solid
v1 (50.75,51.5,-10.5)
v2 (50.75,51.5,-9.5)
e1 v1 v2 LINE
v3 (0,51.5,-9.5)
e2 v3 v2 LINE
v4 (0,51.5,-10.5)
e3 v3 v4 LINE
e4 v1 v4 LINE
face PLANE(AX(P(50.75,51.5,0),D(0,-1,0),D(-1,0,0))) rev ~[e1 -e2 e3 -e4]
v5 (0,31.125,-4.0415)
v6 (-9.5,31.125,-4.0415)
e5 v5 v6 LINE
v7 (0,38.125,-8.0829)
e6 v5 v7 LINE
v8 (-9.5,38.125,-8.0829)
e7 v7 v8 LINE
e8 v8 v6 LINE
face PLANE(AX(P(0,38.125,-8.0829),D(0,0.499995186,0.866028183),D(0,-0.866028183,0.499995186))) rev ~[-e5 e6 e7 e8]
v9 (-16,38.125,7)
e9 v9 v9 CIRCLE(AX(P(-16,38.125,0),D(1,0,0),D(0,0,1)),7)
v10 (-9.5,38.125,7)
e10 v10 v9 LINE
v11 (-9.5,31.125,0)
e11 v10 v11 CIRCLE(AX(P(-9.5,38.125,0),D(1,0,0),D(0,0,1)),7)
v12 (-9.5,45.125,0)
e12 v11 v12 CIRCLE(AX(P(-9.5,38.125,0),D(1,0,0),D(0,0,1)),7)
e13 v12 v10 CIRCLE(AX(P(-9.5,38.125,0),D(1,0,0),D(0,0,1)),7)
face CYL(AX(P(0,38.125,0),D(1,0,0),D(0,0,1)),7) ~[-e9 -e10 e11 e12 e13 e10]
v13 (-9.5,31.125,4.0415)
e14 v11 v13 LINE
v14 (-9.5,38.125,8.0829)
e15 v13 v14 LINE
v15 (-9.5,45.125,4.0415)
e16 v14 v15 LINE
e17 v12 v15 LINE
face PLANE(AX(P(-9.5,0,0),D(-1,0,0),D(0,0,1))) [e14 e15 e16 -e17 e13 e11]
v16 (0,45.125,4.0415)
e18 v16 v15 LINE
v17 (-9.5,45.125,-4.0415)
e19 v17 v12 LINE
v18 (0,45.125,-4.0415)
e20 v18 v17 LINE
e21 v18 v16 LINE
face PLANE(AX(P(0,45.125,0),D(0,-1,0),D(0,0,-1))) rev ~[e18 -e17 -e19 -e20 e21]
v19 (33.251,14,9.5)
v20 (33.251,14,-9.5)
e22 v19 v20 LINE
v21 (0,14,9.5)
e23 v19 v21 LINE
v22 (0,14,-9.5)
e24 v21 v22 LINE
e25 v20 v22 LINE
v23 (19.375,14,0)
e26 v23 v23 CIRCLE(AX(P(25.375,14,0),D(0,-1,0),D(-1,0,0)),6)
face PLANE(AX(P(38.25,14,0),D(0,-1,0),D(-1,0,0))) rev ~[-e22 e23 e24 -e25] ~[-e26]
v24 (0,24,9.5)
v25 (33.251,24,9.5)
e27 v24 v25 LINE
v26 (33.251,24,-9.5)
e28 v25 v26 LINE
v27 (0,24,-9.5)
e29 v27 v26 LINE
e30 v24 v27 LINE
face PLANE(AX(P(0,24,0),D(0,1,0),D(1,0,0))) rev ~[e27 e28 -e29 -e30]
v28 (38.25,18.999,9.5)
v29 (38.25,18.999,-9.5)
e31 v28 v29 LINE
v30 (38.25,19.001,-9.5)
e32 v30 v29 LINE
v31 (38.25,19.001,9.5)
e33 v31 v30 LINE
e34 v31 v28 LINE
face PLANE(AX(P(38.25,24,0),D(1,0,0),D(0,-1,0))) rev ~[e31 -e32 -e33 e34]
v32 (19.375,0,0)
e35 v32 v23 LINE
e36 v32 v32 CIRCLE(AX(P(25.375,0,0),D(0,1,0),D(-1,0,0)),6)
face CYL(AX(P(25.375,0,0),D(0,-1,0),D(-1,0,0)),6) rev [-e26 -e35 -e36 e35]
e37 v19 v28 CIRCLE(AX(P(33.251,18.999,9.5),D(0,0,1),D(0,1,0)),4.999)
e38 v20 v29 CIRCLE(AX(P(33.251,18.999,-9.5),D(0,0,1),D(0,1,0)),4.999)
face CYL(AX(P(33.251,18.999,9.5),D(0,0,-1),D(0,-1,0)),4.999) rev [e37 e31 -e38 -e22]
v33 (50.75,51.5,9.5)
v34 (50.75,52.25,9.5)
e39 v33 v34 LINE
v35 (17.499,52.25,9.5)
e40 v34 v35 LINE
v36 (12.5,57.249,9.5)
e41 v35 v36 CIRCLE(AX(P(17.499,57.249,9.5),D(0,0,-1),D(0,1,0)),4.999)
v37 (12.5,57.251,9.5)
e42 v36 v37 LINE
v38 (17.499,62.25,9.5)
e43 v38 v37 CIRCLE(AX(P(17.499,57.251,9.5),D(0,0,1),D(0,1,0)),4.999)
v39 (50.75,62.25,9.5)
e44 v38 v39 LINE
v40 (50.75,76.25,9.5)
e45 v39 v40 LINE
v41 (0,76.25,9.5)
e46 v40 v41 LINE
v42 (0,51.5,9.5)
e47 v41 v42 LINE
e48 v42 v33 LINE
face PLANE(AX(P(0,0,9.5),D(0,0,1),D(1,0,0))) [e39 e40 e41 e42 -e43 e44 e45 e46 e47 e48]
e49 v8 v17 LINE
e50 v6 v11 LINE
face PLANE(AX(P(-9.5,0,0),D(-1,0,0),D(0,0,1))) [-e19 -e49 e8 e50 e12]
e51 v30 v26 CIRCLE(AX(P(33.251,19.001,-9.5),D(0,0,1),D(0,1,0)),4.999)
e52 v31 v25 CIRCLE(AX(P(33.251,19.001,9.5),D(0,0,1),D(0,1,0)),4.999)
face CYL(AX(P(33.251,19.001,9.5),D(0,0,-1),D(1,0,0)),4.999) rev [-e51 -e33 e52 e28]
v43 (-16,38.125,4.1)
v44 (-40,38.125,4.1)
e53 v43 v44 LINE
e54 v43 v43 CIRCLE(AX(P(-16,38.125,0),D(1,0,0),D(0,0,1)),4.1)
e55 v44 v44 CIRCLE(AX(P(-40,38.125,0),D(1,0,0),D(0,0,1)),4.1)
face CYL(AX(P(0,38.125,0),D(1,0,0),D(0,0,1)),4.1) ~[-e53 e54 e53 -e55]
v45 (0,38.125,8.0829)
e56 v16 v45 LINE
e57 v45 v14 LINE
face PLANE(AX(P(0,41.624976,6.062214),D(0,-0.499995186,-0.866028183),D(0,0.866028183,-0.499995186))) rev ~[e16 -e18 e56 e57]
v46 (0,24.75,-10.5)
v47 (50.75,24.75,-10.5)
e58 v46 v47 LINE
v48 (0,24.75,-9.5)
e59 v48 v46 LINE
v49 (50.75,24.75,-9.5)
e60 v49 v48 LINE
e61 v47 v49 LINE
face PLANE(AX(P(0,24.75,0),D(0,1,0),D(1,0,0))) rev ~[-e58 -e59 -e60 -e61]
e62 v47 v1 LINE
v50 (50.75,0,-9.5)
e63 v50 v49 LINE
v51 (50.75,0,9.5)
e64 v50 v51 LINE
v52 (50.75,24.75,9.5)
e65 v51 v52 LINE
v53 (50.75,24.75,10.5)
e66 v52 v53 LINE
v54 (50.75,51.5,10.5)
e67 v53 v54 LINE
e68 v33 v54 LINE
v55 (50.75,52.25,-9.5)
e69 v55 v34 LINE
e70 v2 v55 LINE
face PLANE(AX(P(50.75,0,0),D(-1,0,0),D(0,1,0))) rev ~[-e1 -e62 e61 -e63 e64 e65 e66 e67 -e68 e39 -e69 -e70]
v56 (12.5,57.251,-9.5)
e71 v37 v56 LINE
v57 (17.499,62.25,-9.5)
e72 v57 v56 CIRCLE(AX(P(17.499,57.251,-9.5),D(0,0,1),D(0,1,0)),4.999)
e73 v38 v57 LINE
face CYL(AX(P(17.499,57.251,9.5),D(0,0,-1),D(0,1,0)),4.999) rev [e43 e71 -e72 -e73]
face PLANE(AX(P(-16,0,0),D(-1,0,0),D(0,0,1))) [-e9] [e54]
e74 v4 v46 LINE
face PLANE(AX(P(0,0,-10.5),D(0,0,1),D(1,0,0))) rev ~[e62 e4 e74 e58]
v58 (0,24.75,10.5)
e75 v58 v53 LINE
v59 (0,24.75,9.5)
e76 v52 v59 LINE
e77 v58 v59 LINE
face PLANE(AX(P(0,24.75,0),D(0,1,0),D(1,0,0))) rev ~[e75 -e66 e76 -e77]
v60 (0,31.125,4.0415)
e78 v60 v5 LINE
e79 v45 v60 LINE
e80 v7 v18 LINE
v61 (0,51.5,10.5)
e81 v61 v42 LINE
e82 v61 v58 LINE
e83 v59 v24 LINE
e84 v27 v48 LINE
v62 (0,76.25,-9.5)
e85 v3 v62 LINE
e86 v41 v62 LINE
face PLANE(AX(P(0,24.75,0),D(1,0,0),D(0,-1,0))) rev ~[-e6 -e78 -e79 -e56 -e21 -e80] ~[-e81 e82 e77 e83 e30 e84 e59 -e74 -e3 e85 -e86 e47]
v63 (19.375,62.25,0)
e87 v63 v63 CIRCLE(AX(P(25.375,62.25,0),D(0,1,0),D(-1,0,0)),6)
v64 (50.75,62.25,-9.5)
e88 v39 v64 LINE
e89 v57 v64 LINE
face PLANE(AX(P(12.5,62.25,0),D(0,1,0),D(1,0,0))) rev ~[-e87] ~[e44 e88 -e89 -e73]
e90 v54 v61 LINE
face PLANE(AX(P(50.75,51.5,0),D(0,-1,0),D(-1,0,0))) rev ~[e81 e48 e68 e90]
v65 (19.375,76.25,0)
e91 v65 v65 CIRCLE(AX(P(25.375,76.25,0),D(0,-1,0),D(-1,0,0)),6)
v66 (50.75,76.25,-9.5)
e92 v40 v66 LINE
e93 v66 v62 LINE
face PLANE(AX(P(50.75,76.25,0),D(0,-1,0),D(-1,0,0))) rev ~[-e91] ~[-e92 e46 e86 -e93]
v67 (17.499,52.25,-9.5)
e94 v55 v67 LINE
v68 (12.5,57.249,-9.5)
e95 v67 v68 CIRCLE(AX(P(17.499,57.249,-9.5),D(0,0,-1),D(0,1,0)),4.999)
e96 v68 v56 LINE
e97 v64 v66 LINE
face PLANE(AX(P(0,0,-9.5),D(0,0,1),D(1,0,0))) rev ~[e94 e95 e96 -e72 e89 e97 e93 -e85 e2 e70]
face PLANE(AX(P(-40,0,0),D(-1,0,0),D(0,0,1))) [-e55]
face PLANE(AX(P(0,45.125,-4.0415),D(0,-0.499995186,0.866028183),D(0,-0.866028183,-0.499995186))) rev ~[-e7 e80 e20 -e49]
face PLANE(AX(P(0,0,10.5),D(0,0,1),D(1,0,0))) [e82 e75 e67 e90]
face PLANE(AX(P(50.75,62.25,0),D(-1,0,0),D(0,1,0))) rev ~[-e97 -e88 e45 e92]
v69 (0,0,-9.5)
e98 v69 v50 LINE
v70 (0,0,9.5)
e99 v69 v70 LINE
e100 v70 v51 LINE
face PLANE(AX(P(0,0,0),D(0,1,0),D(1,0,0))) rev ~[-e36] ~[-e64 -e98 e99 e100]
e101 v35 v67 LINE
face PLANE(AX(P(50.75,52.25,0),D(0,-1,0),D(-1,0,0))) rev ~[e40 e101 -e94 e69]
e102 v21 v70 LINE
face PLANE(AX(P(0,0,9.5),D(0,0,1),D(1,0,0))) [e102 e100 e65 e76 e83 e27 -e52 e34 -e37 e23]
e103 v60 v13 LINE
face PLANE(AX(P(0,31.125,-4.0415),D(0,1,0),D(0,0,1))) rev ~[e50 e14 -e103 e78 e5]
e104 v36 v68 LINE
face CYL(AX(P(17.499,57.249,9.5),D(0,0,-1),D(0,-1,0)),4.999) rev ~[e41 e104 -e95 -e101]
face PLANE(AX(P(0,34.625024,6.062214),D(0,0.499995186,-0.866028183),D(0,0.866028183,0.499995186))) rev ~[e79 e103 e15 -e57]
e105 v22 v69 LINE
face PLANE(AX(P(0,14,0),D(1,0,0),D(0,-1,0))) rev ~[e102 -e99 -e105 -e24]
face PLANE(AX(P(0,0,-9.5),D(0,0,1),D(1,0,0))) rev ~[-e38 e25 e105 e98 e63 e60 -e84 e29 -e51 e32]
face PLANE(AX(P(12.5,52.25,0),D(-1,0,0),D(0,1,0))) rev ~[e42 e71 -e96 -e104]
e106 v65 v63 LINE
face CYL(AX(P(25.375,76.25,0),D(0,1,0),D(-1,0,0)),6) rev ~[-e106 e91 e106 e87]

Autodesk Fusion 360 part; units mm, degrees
sketch "Sketch1" plane through (0, 0, 0) normal (0, 0, 1) x (1, 0, 0)
  line L0 (0, 0) -> (50.75, 0)
  line L1 (50.75, 0) -> (50.75, 52.25)
  line L2 (50.75, 52.25) -> (12.5, 52.25)
  line L3 (12.5, 52.25) -> (12.5, 62.25)
  line L4 (12.5, 62.25) -> (50.75, 62.25)
  line L5 (50.75, 62.25) -> (50.75, 76.25)
  line L6 (50.75, 76.25) -> (0, 76.25)
  line L7 (0, 76.25) -> (0, 24)
  line L8 (0, 24) -> (38.25, 24)
  line L9 (38.25, 24) -> (38.25, 14)
  line L10 (38.25, 14) -> (0, 14)
  line L11 (0, 14) -> (0, 0)
  line L12 (0, 24.75) -> (50.75, 24.75)
  line L13 (50.75, 51.5) -> (0, 51.5)
  dimension "d1" = 76.25
  dimension "d2" = 14
  dimension "d3" = 10
  dimension "d4" = 50.75
  dimension "d5" = 12.5
  dimension "d6" = 0.75
  dimension "d7" = 0.75
extrude "Extrude1" add sketch "Sketch1" along normal mid plane 19
extrude "Extrude2" add sketch "Sketch1" along normal mid plane 21 contours L1 L7 L12 L13
sketch "Sketch2" plane through (0, 0, 0) normal (-1, 0, 0) x (0, 0, 1)
  line L0 (9.5, 51.5) -> (9.5, 76.25)
  line L1 (9.5, 76.25) -> (-9.5, 76.25)
  line L2 (-9.5, 76.25) -> (-9.5, 51.5)
  line L3 (-9.5, 51.5) -> (-10.5, 51.5)
  line L4 (-10.5, 51.5) -> (-10.5, 24.75)
  line L5 (-10.5, 24.75) -> (-9.5, 24.75)
  line L6 (-9.5, 24.75) -> (-9.5, 24)
  line L7 (-9.5, 24) -> (9.5, 24)
  line L8 (9.5, 24) -> (9.5, 24.75)
  line L9 (9.5, 24.75) -> (10.5, 24.75)
  line L10 (10.5, 24.75) -> (10.5, 51.5)
  line L11 (10.5, 51.5) -> (9.5, 51.5)
  line L12 (8.0829, 38.125) -> (4.0415, 45.125)
  line L13 (4.0415, 45.125) -> (-4.0415, 45.125)
  line L14 (-4.0415, 45.125) -> (-8.0829, 38.125)
  line L15 (-8.0829, 38.125) -> (-4.0415, 31.125)
  line L16 (-4.0415, 31.125) -> (4.0415, 31.125)
  line L17 (4.0415, 31.125) -> (8.0829, 38.125)
  line L18 (-9.5, 0) -> (9.5, 0)
  line L19 (0, 76.25) -> (0, 24)
  circle A0 centre (0, 38.125) radius 4.1
  circle A1 centre (0, 38.125) radius 7
  point P0 (0, 38.125)
  dimension "d12" = 7
  dimension "d13" = 38.125
  dimension "d14" = 8.2
  dimension "d15" = 14
extrude "Extrude3" add sketch "Sketch2" along normal blind 9.5 contours L13 L14 A1 | L19 A0 A1 | L12 L13 A1 | L19 A0 A1 | L19 A0 | L19 A0 | L12 L17 A1 | L14 L15 A1 | L15 L16 A1 | L16 L17 A1
extrude "Extrude4" add sketch "Sketch2" along normal blind 16 contours L19 A0 A1 | L19 A0 A1 | L19 A0 | L19 A0
extrude "Extrude5" add sketch "Sketch2" along normal blind 40 contours L19 A0 | L19 A0
fillet "Fillet1" radius 5 4 edges at (38.25, 14, 0) (38.25, 24, 0) (12.5, 62.25, 0) (12.5, 52.25, 0)
sketch "Sketch3" plane through (0, 76.25, 0) normal (0, 1, 0) x (-1, 0, 0)
  line L0 (0, -9.5) -> (0, 9.5)
  line L1 (0, 9.5) -> (-50.75, 9.5)
  line L2 (-50.75, 9.5) -> (-50.75, -9.5)
  line L3 (-50.75, -9.5) -> (0, -9.5)
  circle A0 centre (-25.375, 0) radius 6
  line L4 (0, 4.0415) -> (0, -4.0415)
  line L5 (-50.75, 0) -> (0, 0)
  dimension "d24" = 25.375
  dimension "d25" = 12
extrude "Extrude6" cut sketch "Sketch3" against normal up to surface (14 mm away) contours A0 L5 | A0 L5
extrude "Extrude7" cut sketch "Sketch3" along normal up to surface (14 mm away) from surface at -76.25 contours A0 L5 | A0 L5
thread "Thread1"
thread "Thread2"
equation "d8 = ( 19 / 2 ) * 1 mm"
equation "d10 = ( 21 / 2 ) * 1 mm"
equation "d12 = ( 14 / 2 ) * 1 mm"
equation "d13 = d1 / 2"
equation "d24 = d4 / 2"
